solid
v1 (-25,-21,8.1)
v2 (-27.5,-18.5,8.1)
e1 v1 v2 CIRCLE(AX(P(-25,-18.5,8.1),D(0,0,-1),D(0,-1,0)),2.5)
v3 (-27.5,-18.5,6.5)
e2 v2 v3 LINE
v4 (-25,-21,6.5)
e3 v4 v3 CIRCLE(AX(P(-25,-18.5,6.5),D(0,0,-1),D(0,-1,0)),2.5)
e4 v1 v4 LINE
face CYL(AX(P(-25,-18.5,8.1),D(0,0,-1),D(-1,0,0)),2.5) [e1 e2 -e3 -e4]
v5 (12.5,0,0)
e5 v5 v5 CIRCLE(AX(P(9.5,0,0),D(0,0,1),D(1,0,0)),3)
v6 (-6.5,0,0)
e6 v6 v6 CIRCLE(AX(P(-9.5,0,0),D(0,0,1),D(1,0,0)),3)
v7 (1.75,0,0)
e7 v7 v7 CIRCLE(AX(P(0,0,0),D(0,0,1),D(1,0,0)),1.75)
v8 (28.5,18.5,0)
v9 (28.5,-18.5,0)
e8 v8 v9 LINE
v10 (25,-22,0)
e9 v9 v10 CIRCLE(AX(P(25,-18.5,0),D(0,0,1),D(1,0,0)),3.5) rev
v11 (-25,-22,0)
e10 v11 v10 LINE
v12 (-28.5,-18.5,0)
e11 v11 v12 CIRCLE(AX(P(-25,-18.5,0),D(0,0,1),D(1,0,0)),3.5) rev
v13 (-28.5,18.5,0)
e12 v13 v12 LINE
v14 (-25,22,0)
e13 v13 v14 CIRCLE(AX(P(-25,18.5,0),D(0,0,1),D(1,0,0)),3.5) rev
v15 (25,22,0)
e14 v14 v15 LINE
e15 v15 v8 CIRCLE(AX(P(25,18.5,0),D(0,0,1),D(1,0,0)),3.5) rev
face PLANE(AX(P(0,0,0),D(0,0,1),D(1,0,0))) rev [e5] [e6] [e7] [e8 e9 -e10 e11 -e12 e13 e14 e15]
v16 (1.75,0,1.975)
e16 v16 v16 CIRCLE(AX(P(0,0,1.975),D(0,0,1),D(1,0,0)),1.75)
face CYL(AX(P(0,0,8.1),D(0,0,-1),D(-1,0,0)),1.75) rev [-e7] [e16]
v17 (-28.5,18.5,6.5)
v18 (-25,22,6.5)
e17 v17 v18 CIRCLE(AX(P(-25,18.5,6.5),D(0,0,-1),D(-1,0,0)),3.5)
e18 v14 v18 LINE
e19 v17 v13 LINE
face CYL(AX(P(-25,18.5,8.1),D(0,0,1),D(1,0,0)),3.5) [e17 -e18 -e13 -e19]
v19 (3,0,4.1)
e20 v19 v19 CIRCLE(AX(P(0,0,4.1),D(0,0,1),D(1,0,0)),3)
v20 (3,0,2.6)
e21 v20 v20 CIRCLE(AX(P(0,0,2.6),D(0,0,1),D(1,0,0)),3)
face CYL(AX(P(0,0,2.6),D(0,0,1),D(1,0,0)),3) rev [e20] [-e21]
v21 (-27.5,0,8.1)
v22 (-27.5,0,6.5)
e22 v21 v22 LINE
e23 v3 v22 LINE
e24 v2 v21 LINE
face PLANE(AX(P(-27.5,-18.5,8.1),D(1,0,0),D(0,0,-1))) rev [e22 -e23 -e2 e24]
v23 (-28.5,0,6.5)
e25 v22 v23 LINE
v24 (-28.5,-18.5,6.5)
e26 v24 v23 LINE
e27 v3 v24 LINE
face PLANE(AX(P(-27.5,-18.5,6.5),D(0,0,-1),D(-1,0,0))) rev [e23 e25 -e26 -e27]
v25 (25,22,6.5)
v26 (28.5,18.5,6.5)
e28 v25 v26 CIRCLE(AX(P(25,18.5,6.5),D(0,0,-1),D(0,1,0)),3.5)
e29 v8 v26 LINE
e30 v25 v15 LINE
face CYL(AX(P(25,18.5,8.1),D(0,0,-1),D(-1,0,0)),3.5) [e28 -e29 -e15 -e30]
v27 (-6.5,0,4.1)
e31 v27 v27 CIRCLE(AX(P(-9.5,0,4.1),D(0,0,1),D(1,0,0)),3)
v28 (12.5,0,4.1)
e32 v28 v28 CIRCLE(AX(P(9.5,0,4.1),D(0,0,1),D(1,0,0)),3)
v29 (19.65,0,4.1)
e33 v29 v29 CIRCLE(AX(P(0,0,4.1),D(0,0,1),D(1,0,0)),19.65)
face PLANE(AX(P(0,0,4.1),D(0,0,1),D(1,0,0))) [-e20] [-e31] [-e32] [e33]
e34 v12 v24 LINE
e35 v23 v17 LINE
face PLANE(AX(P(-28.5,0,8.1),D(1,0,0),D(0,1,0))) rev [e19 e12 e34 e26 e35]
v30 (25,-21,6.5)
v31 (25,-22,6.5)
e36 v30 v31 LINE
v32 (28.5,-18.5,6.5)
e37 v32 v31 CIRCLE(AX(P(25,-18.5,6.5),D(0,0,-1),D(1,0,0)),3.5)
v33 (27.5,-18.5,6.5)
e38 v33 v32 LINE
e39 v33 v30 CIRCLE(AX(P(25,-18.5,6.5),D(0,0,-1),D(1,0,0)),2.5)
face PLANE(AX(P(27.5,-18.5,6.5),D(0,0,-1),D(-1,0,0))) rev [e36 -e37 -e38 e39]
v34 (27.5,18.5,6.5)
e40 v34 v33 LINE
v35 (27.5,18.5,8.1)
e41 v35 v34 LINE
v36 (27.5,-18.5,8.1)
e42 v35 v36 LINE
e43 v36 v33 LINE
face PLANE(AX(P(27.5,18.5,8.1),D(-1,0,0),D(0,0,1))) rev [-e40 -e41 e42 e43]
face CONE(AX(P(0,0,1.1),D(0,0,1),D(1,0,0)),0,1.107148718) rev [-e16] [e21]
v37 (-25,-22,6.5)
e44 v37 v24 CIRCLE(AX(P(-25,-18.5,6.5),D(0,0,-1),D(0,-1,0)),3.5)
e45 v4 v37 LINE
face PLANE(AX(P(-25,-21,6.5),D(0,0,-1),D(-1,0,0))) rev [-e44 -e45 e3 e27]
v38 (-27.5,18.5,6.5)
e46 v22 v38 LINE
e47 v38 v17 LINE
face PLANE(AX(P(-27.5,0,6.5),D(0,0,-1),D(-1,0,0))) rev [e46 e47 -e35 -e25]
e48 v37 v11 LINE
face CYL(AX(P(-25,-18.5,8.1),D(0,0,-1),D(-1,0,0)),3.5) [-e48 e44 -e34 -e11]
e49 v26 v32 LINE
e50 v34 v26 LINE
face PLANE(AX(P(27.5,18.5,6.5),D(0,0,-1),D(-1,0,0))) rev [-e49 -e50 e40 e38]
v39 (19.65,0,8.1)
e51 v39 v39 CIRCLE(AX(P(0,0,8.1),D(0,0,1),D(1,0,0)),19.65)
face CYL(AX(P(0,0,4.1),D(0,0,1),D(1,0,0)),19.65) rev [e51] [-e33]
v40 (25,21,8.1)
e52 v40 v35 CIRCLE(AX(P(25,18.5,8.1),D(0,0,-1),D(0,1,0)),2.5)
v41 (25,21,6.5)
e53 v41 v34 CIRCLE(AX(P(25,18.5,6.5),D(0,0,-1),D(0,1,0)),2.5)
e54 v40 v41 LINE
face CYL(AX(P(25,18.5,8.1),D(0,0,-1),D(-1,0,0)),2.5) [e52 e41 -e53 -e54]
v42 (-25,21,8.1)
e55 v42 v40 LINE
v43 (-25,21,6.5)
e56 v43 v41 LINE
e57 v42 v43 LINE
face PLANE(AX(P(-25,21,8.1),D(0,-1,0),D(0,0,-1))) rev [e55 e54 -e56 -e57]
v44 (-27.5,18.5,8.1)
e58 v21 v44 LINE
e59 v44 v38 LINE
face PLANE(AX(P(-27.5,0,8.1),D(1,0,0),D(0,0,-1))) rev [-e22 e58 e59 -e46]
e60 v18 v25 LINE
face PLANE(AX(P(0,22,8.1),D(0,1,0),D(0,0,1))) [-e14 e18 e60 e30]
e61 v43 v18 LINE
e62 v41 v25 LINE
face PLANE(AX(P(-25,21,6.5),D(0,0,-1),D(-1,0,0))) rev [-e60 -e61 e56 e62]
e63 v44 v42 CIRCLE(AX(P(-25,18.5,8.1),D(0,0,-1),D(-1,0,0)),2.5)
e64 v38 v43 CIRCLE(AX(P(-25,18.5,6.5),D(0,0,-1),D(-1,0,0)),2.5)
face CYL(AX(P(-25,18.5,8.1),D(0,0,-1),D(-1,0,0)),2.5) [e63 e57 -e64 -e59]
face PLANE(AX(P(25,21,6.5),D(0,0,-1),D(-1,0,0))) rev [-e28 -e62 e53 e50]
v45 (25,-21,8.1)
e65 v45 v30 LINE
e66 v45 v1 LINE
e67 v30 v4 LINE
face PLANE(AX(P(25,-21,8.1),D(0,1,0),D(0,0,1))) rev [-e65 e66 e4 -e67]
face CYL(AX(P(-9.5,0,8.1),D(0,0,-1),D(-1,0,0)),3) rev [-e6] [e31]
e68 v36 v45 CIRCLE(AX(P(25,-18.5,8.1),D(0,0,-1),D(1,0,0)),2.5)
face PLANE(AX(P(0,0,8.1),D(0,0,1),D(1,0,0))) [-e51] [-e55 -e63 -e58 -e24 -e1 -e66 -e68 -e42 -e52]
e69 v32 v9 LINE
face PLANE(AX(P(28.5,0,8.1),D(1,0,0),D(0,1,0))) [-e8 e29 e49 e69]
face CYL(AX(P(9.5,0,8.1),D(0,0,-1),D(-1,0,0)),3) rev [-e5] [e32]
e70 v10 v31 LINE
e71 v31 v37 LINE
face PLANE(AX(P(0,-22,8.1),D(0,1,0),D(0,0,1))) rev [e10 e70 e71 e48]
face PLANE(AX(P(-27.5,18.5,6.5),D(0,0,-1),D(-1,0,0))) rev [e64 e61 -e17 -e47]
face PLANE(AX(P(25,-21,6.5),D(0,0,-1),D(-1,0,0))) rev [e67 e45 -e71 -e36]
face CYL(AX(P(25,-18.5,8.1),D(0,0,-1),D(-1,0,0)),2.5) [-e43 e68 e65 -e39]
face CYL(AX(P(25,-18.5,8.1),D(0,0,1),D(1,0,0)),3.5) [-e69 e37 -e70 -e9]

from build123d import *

# Parameters (mm, degrees)
SKETCH1_W           = 57
SKETCH1_H           = 44
SKETCH1_R           = 1.75
SKETCH1_R_2         = 3
BOSS_EXTRUDE1_DEPTH = 8.1
SKETCH2_R           = 19.65
CUT_EXTRUDE1_DEPTH  = 4
SKETCH3_R           = 3
CUT_EXTRUDE2_DEPTH  = 1.5
FILLET2_R           = 3.5
SKETCH10_W          = 1
SKETCH10_H          = 1.6


with BuildPart() as part:
    # Sketch1 → Boss-Extrude1 (new body)
    with BuildSketch(Plane.XY):
        Rectangle(SKETCH1_W, SKETCH1_H)
        Circle(SKETCH1_R, mode=Mode.SUBTRACT)
        with Locations((-9.5, 0)):
            Circle(SKETCH1_R_2, mode=Mode.SUBTRACT)
        with Locations((9.5, 0)):
            Circle(SKETCH1_R_2, mode=Mode.SUBTRACT)
    extrude(amount=BOSS_EXTRUDE1_DEPTH)

    # Sketch2 → Cut-Extrude1 (cut)
    with BuildSketch(Plane.XY.offset(8.1)):
        Circle(SKETCH2_R)
    extrude(amount=-CUT_EXTRUDE1_DEPTH, mode=Mode.SUBTRACT)

    # Sketch3 → Cut-Extrude2 (cut)
    with BuildSketch(Plane.XY.offset(4.1)):
        Circle(SKETCH3_R)
    extrude(amount=-CUT_EXTRUDE2_DEPTH, mode=Mode.SUBTRACT)

    # Sketch4 → Cut-Revolve1 (revolve, cut)
    with BuildSketch(Plane(origin=(0, 0, 0), x_dir=(1, 0, 0), z_dir=(0, 1, 0))):
        Polygon((0, -2.6), (0, -1.1), (3, -2.6), align=None)
    revolve(axis=Axis((0, 0, 2.6), (0, 0, -1)), mode=Mode.SUBTRACT)

    # Fillet2
    fillet2_edges = [part.edges().sort_by_distance(p)[0] for p in [
        (28.5, -22, 4.05),
        (-28.5, -22, 4.05),
        (-28.5, 22, 4.05),
        (28.5, 22, 4.05),
    ]]
    fillet(fillet2_edges, radius=FILLET2_R)

    # Cut-Sweep1: sweep along a path in Sketch8
    with BuildLine(Plane.XY.offset(8.1)) as cut_sweep1_path:
        Line((25, 22), (-25, 22))
        ThreePointArc((-25, 22), (-27.474873734, 20.974873734), (-28.5, 18.5))
        Line((-28.5, 18.5), (-28.5, -18.5))
        ThreePointArc((-28.5, -18.5), (-27.474873734, -20.974873734), (-25, -22))
        Line((-25, -22), (25, -22))
        ThreePointArc((25, -22), (27.474873734, -20.974873734), (28.5, -18.5))
        Line((28.5, -18.5), (28.5, 18.5))
        ThreePointArc((28.5, 18.5), (27.474873734, 20.974873734), (25, 22))
    # Sketch10 → Cut-Sweep1 (sweep, cut)
    with BuildSketch(Plane(origin=(0, 0, 0), x_dir=(1, 0, 0), z_dir=(0, 1, 0))):
        with Locations((-28, -7.3)):
            Rectangle(SKETCH10_W, SKETCH10_H)
    sweep(path=cut_sweep1_path.line, mode=Mode.SUBTRACT)


solid = part.part
